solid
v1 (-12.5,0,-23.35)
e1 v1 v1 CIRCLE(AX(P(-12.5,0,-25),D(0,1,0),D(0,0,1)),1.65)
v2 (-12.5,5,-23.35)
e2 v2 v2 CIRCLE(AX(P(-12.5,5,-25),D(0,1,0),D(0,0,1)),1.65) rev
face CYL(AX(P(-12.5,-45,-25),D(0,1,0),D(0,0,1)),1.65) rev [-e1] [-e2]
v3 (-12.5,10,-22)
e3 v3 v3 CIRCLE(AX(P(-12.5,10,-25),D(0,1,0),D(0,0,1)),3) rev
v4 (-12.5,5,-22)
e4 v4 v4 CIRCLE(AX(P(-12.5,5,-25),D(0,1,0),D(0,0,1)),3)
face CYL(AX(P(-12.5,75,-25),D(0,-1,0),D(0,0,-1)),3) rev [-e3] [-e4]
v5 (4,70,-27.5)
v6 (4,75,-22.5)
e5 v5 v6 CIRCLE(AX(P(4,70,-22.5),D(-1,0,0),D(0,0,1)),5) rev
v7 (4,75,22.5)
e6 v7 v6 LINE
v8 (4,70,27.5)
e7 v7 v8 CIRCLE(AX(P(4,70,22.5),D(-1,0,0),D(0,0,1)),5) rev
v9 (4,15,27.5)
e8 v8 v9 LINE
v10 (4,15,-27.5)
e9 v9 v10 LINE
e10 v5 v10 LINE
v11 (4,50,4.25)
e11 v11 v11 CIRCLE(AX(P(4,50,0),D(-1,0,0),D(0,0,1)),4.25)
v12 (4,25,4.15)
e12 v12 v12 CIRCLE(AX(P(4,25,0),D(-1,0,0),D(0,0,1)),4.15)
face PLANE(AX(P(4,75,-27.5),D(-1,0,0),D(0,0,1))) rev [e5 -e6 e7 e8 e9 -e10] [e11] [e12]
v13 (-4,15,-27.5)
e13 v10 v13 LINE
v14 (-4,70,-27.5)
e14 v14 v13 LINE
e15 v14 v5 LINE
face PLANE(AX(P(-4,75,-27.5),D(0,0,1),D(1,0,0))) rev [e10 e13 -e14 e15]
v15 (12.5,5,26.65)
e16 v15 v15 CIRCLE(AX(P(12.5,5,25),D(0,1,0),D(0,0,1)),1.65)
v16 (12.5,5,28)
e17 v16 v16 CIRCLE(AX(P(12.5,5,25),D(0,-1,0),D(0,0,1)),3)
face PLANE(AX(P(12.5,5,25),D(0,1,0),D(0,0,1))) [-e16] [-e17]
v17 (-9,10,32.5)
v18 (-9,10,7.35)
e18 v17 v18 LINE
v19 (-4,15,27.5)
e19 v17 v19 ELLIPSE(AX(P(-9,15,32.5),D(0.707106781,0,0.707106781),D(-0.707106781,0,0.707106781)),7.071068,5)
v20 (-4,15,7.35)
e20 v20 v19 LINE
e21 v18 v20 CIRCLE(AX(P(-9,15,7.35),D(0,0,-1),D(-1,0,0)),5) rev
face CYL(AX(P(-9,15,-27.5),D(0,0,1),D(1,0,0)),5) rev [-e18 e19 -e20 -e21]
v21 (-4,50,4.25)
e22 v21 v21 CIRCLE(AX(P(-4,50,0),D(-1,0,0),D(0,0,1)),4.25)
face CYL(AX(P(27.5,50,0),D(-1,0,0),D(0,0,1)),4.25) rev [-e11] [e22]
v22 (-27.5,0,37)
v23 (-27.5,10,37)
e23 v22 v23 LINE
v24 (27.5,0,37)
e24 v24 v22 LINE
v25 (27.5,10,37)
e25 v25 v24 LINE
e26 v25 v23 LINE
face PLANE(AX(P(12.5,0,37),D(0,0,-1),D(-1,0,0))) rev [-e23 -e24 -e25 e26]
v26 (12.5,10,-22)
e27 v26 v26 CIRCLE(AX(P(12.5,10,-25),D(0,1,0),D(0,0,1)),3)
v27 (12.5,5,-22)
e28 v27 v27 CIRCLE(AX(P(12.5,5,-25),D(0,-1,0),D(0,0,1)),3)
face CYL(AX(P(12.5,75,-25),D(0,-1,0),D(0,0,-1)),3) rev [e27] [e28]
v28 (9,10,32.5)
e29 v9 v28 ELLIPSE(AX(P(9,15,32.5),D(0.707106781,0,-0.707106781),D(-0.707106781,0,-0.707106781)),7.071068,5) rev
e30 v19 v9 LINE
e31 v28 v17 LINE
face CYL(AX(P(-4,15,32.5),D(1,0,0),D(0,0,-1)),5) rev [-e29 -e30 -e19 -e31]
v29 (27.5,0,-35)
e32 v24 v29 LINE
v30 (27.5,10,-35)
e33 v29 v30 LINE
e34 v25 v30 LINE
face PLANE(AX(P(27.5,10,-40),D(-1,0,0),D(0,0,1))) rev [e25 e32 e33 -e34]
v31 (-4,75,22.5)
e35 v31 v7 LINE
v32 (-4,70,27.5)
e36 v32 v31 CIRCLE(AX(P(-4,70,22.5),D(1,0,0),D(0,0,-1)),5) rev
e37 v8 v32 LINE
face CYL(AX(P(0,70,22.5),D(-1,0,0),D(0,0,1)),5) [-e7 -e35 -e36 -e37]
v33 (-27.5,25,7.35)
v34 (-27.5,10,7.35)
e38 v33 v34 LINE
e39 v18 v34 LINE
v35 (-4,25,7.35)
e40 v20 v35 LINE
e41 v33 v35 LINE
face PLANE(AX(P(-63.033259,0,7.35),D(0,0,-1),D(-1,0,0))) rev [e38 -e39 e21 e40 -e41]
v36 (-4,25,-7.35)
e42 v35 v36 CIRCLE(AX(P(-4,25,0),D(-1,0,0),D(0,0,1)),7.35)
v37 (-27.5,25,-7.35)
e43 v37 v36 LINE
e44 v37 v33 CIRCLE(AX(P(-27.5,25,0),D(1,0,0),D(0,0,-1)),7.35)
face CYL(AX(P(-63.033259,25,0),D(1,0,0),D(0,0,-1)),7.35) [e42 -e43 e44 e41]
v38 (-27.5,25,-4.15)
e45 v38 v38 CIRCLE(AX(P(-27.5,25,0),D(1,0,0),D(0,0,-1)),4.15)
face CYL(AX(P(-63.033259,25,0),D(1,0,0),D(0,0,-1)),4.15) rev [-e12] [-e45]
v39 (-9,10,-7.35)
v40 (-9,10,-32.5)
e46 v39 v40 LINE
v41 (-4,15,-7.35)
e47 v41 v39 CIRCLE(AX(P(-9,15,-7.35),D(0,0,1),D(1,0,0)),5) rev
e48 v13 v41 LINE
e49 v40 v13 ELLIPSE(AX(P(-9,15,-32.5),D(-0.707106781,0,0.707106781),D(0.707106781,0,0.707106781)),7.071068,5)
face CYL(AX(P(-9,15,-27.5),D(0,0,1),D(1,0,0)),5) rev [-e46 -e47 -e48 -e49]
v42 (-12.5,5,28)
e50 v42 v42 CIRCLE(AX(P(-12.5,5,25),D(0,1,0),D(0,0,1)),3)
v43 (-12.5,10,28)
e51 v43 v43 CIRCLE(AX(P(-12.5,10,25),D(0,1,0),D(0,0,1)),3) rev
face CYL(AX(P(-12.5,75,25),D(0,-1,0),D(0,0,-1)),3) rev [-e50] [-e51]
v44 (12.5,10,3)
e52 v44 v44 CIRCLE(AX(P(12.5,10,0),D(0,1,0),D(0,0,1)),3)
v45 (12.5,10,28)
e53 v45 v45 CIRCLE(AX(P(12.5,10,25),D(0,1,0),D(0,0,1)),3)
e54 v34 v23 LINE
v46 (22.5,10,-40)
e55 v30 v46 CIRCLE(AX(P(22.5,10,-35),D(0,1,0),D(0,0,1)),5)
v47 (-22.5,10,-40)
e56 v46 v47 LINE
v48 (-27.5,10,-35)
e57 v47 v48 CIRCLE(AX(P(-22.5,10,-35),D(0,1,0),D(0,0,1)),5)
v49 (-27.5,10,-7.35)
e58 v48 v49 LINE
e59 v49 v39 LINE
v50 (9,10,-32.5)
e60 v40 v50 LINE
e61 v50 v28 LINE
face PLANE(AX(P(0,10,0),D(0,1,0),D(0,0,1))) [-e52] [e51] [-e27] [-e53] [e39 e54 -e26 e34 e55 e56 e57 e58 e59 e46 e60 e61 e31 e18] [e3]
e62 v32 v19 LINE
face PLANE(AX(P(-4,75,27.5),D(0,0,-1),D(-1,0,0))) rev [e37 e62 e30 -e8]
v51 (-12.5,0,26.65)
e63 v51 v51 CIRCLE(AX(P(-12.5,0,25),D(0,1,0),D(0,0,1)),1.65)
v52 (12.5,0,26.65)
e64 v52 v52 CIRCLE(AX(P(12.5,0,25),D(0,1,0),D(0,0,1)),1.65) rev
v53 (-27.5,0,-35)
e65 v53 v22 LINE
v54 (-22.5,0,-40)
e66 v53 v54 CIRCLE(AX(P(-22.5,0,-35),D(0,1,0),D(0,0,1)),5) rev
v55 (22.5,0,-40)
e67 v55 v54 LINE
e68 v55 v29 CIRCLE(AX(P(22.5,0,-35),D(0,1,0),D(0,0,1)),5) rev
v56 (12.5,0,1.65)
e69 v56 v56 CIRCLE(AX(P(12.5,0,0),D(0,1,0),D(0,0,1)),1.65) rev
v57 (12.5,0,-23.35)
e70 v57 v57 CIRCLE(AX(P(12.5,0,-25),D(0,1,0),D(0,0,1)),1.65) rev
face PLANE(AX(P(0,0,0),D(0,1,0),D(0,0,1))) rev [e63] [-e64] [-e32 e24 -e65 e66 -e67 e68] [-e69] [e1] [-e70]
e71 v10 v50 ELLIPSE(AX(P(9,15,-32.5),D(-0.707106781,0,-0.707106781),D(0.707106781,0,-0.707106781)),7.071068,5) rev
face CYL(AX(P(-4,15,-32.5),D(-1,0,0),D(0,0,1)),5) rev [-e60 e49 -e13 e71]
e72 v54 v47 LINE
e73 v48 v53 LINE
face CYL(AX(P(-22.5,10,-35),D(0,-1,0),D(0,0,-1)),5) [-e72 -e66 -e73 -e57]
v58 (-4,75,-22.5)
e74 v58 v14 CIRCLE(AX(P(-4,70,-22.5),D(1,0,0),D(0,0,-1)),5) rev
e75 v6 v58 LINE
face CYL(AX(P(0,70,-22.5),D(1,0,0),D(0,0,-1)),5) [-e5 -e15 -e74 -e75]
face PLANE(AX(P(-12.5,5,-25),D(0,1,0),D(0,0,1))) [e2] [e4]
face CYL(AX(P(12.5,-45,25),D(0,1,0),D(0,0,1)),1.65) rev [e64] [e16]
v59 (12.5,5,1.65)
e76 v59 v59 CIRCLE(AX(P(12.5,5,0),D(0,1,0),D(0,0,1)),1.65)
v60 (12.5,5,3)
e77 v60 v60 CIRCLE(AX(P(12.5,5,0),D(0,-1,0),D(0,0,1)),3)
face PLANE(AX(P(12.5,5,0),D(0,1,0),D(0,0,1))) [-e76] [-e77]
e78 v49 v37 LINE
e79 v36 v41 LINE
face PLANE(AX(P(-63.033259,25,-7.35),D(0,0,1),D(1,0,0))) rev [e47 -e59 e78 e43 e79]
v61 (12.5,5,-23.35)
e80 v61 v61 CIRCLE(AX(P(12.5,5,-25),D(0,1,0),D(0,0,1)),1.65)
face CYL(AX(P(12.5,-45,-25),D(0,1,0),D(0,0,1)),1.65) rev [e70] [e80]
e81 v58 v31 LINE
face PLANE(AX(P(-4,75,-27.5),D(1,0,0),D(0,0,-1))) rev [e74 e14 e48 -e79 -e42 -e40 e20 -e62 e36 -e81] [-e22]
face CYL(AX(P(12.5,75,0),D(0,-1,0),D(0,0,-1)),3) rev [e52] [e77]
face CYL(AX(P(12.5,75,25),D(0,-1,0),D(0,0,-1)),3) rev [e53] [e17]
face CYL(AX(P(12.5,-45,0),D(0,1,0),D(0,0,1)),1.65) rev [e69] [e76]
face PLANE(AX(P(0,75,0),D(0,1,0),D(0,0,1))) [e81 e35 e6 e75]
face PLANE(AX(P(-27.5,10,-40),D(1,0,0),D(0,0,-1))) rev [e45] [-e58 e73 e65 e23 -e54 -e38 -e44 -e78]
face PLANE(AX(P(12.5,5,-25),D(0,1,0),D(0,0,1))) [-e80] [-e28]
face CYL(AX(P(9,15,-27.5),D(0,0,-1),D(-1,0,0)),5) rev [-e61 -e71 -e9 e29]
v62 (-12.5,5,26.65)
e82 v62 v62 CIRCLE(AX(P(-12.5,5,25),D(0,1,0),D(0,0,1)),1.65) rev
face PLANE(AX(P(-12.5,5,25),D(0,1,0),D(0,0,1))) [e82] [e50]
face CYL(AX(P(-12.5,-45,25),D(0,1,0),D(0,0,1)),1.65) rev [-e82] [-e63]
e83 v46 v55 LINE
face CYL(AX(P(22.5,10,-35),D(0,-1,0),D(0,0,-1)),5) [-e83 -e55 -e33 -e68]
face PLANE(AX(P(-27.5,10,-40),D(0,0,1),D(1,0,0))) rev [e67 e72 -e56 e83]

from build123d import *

# Parameters (mm, degrees)
SKETCH1_W               = 55
SKETCH1_H               = 80
BOSS_EXTRUDE1_DEPTH     = 10
SKETCH6_R               = 1.65
CUT_EXTRUDE2_DEPTH      = 55
LPATTERN1_COUNT         = 3
LPATTERN1_PITCH         = 25
MIRROR3_COPY_1_SKETCH_R = 1.65
MIRROR3_COPY_1_DEPTH    = 55
MIRROR3_COPY_2_SKETCH_R = 1.65
MIRROR3_COPY_2_DEPTH    = 55
SKETCH8_W               = 8
SKETCH8_H               = 55
BOSS_EXTRUDE3_DEPTH     = 65
FILLET3_R               = 5
SKETCH9_R               = 4.25
CUT_EXTRUDE3_DEPTH      = 32.5
CUT_EXTRUDE5_START      = -5
SKETCH11_R              = 3
CUT_EXTRUDE5_DEPTH      = 71
LPATTERN2_COUNT         = 3
LPATTERN2_PITCH         = 25
MIRROR4_START           = -5
MIRROR4_COPY_1_SKETCH_R = 3
MIRROR4_COPY_1_DEPTH    = 71
MIRROR4_COPY_2_SKETCH_R = 3
MIRROR4_COPY_2_DEPTH    = 71
CUT_EXTRUDE6_DEPTH      = 10
SKETCH13_R              = 4.15
BOSS_EXTRUDE4_DEPTH     = 23.5
SKETCH14_R              = 4.15
CUT_EXTRUDE7_DEPTH      = 20


with BuildPart() as part:
    # Sketch1 → Boss-Extrude1 (new body)
    with BuildSketch(Plane(origin=(0, 0, 0), x_dir=(1, 0, 0), z_dir=(0, 1, 0))):
        Rectangle(SKETCH1_W, SKETCH1_H)
    extrude(amount=BOSS_EXTRUDE1_DEPTH)

    # Sketch6 → Cut-Extrude2 (cut)
    with BuildSketch(Plane(origin=(0, 10, 0), x_dir=(1, 0, 0), z_dir=(0, 1, 0))):
        with Locations((-12.5, -25)):
            Circle(SKETCH6_R)
    cut_extrude2 = extrude(amount=-CUT_EXTRUDE2_DEPTH, mode=Mode.SUBTRACT)

    # LPattern1: Cut-Extrude2 ×3
    with Locations(*[(0, 0, -i * LPATTERN1_PITCH) for i in range(1, LPATTERN1_COUNT)]):
        add(cut_extrude2, mode=Mode.SUBTRACT)

    # Mirror3: Cut-Extrude2 across plane
    add(cut_extrude2.mirror(Plane(origin=(0, 0, 0), x_dir=(0, 0, 1), z_dir=(1, 0, 0))), mode=Mode.SUBTRACT)

    # Mirror3 copy 1 sketch → Mirror3 copy 1 (cut)
    with BuildSketch(Plane(origin=(0, 10, -25), x_dir=(-1, 0, 0), z_dir=(0, 1, 0))):
        with Locations((-12.5, 25)):
            Circle(MIRROR3_COPY_1_SKETCH_R)
    extrude(amount=-MIRROR3_COPY_1_DEPTH, mode=Mode.SUBTRACT)

    # Mirror3 copy 2 sketch → Mirror3 copy 2 (cut)
    with BuildSketch(Plane(origin=(0, 10, -50), x_dir=(-1, 0, 0), z_dir=(0, 1, 0))):
        with Locations((-12.5, 25)):
            Circle(MIRROR3_COPY_2_SKETCH_R)
    extrude(amount=-MIRROR3_COPY_2_DEPTH, mode=Mode.SUBTRACT)

    # Sketch8 → Boss-Extrude3 (add)
    with BuildSketch(Plane(origin=(0, 10, 0), x_dir=(1, 0, 0), z_dir=(0, 1, 0))):
        Rectangle(SKETCH8_W, SKETCH8_H)
    extrude(amount=BOSS_EXTRUDE3_DEPTH)

    # Fillet3
    fillet3_edges = [part.edges().sort_by_distance(p)[0] for p in [
        (4, 10, 0),
        (0, 10, -27.5),
        (-4, 10, 0),
        (0, 10, 27.5),
        (0, 75, -27.5),
        (0, 75, 27.5),
        (-27.5, 5, -40),
        (27.5, 5, -40),
    ]]
    fillet(fillet3_edges, radius=FILLET3_R)

    # Sketch9 → Cut-Extrude3 (cut, through all)
    with BuildSketch(Plane.ZY.offset(4)):
        with Locations((0, 50)):
            Circle(SKETCH9_R)
    extrude(amount=-CUT_EXTRUDE3_DEPTH, mode=Mode.SUBTRACT)

    # Sketch11 → Cut-Extrude5 (cut)
    with BuildSketch(Plane(origin=(0, 10, 0), x_dir=(1, 0, 0), z_dir=(0, 1, 0)).offset(CUT_EXTRUDE5_START)):
        with Locations((-12.5, -25)):
            Circle(SKETCH11_R)
    cut_extrude5 = extrude(amount=CUT_EXTRUDE5_DEPTH, mode=Mode.SUBTRACT)

    # LPattern2: Cut-Extrude5 ×3
    with Locations(*[(0, 0, -i * LPATTERN2_PITCH) for i in range(1, LPATTERN2_COUNT)]):
        add(cut_extrude5, mode=Mode.SUBTRACT)

    # Mirror4: Cut-Extrude5 across plane
    add(cut_extrude5.mirror(Plane(origin=(0, 0, 0), x_dir=(0, 0, 1), z_dir=(1, 0, 0))), mode=Mode.SUBTRACT)

    # Mirror4 copy 1 sketch → Mirror4 copy 1 (cut)
    with BuildSketch(Plane(origin=(0, 10, -25), x_dir=(-1, 0, 0), z_dir=(0, 1, 0)).offset(MIRROR4_START)):
        with Locations((-12.5, 25)):
            Circle(MIRROR4_COPY_1_SKETCH_R)
    extrude(amount=MIRROR4_COPY_1_DEPTH, mode=Mode.SUBTRACT)

    # Mirror4 copy 2 sketch → Mirror4 copy 2 (cut)
    with BuildSketch(Plane(origin=(0, 10, -50), x_dir=(-1, 0, 0), z_dir=(0, 1, 0)).offset(MIRROR4_START)):
        with Locations((-12.5, 25)):
            Circle(MIRROR4_COPY_2_SKETCH_R)
    extrude(amount=MIRROR4_COPY_2_DEPTH, mode=Mode.SUBTRACT)

    # Sketch12 → Cut-Extrude6 (cut)
    with BuildSketch(Plane(origin=(0, 10, 0), x_dir=(1, 0, 0), z_dir=(0, 1, 0))):
        Polygon((12.5, -37), (-38.055736231, -37), (-38.055736231, -44.287300659), (40.369344369, -44.287300659), (40.369344369, -37), align=None)
    extrude(amount=-CUT_EXTRUDE6_DEPTH, mode=Mode.SUBTRACT)

    # Sketch13 → Boss-Extrude4 (add)
    with BuildSketch(Plane.ZY.offset(4)):
        with BuildLine():
            Line((-7.35, 25), (-7.35, 0))
            Line((-7.35, 0), (7.35, 0))
            Line((7.35, 0), (7.35, 25))
            ThreePointArc((7.35, 25), (0, 32.35), (-7.35, 25))
        make_face()
        with Locations((0, 25)):
            Circle(SKETCH13_R, mode=Mode.SUBTRACT)
    extrude(amount=BOSS_EXTRUDE4_DEPTH)

    # Sketch14 → Cut-Extrude7 (cut)
    with BuildSketch(Plane.ZY.offset(4)):
        with Locations((0, 25)):
            Circle(SKETCH14_R)
    extrude(amount=-CUT_EXTRUDE7_DEPTH, mode=Mode.SUBTRACT)


solid = part.part
